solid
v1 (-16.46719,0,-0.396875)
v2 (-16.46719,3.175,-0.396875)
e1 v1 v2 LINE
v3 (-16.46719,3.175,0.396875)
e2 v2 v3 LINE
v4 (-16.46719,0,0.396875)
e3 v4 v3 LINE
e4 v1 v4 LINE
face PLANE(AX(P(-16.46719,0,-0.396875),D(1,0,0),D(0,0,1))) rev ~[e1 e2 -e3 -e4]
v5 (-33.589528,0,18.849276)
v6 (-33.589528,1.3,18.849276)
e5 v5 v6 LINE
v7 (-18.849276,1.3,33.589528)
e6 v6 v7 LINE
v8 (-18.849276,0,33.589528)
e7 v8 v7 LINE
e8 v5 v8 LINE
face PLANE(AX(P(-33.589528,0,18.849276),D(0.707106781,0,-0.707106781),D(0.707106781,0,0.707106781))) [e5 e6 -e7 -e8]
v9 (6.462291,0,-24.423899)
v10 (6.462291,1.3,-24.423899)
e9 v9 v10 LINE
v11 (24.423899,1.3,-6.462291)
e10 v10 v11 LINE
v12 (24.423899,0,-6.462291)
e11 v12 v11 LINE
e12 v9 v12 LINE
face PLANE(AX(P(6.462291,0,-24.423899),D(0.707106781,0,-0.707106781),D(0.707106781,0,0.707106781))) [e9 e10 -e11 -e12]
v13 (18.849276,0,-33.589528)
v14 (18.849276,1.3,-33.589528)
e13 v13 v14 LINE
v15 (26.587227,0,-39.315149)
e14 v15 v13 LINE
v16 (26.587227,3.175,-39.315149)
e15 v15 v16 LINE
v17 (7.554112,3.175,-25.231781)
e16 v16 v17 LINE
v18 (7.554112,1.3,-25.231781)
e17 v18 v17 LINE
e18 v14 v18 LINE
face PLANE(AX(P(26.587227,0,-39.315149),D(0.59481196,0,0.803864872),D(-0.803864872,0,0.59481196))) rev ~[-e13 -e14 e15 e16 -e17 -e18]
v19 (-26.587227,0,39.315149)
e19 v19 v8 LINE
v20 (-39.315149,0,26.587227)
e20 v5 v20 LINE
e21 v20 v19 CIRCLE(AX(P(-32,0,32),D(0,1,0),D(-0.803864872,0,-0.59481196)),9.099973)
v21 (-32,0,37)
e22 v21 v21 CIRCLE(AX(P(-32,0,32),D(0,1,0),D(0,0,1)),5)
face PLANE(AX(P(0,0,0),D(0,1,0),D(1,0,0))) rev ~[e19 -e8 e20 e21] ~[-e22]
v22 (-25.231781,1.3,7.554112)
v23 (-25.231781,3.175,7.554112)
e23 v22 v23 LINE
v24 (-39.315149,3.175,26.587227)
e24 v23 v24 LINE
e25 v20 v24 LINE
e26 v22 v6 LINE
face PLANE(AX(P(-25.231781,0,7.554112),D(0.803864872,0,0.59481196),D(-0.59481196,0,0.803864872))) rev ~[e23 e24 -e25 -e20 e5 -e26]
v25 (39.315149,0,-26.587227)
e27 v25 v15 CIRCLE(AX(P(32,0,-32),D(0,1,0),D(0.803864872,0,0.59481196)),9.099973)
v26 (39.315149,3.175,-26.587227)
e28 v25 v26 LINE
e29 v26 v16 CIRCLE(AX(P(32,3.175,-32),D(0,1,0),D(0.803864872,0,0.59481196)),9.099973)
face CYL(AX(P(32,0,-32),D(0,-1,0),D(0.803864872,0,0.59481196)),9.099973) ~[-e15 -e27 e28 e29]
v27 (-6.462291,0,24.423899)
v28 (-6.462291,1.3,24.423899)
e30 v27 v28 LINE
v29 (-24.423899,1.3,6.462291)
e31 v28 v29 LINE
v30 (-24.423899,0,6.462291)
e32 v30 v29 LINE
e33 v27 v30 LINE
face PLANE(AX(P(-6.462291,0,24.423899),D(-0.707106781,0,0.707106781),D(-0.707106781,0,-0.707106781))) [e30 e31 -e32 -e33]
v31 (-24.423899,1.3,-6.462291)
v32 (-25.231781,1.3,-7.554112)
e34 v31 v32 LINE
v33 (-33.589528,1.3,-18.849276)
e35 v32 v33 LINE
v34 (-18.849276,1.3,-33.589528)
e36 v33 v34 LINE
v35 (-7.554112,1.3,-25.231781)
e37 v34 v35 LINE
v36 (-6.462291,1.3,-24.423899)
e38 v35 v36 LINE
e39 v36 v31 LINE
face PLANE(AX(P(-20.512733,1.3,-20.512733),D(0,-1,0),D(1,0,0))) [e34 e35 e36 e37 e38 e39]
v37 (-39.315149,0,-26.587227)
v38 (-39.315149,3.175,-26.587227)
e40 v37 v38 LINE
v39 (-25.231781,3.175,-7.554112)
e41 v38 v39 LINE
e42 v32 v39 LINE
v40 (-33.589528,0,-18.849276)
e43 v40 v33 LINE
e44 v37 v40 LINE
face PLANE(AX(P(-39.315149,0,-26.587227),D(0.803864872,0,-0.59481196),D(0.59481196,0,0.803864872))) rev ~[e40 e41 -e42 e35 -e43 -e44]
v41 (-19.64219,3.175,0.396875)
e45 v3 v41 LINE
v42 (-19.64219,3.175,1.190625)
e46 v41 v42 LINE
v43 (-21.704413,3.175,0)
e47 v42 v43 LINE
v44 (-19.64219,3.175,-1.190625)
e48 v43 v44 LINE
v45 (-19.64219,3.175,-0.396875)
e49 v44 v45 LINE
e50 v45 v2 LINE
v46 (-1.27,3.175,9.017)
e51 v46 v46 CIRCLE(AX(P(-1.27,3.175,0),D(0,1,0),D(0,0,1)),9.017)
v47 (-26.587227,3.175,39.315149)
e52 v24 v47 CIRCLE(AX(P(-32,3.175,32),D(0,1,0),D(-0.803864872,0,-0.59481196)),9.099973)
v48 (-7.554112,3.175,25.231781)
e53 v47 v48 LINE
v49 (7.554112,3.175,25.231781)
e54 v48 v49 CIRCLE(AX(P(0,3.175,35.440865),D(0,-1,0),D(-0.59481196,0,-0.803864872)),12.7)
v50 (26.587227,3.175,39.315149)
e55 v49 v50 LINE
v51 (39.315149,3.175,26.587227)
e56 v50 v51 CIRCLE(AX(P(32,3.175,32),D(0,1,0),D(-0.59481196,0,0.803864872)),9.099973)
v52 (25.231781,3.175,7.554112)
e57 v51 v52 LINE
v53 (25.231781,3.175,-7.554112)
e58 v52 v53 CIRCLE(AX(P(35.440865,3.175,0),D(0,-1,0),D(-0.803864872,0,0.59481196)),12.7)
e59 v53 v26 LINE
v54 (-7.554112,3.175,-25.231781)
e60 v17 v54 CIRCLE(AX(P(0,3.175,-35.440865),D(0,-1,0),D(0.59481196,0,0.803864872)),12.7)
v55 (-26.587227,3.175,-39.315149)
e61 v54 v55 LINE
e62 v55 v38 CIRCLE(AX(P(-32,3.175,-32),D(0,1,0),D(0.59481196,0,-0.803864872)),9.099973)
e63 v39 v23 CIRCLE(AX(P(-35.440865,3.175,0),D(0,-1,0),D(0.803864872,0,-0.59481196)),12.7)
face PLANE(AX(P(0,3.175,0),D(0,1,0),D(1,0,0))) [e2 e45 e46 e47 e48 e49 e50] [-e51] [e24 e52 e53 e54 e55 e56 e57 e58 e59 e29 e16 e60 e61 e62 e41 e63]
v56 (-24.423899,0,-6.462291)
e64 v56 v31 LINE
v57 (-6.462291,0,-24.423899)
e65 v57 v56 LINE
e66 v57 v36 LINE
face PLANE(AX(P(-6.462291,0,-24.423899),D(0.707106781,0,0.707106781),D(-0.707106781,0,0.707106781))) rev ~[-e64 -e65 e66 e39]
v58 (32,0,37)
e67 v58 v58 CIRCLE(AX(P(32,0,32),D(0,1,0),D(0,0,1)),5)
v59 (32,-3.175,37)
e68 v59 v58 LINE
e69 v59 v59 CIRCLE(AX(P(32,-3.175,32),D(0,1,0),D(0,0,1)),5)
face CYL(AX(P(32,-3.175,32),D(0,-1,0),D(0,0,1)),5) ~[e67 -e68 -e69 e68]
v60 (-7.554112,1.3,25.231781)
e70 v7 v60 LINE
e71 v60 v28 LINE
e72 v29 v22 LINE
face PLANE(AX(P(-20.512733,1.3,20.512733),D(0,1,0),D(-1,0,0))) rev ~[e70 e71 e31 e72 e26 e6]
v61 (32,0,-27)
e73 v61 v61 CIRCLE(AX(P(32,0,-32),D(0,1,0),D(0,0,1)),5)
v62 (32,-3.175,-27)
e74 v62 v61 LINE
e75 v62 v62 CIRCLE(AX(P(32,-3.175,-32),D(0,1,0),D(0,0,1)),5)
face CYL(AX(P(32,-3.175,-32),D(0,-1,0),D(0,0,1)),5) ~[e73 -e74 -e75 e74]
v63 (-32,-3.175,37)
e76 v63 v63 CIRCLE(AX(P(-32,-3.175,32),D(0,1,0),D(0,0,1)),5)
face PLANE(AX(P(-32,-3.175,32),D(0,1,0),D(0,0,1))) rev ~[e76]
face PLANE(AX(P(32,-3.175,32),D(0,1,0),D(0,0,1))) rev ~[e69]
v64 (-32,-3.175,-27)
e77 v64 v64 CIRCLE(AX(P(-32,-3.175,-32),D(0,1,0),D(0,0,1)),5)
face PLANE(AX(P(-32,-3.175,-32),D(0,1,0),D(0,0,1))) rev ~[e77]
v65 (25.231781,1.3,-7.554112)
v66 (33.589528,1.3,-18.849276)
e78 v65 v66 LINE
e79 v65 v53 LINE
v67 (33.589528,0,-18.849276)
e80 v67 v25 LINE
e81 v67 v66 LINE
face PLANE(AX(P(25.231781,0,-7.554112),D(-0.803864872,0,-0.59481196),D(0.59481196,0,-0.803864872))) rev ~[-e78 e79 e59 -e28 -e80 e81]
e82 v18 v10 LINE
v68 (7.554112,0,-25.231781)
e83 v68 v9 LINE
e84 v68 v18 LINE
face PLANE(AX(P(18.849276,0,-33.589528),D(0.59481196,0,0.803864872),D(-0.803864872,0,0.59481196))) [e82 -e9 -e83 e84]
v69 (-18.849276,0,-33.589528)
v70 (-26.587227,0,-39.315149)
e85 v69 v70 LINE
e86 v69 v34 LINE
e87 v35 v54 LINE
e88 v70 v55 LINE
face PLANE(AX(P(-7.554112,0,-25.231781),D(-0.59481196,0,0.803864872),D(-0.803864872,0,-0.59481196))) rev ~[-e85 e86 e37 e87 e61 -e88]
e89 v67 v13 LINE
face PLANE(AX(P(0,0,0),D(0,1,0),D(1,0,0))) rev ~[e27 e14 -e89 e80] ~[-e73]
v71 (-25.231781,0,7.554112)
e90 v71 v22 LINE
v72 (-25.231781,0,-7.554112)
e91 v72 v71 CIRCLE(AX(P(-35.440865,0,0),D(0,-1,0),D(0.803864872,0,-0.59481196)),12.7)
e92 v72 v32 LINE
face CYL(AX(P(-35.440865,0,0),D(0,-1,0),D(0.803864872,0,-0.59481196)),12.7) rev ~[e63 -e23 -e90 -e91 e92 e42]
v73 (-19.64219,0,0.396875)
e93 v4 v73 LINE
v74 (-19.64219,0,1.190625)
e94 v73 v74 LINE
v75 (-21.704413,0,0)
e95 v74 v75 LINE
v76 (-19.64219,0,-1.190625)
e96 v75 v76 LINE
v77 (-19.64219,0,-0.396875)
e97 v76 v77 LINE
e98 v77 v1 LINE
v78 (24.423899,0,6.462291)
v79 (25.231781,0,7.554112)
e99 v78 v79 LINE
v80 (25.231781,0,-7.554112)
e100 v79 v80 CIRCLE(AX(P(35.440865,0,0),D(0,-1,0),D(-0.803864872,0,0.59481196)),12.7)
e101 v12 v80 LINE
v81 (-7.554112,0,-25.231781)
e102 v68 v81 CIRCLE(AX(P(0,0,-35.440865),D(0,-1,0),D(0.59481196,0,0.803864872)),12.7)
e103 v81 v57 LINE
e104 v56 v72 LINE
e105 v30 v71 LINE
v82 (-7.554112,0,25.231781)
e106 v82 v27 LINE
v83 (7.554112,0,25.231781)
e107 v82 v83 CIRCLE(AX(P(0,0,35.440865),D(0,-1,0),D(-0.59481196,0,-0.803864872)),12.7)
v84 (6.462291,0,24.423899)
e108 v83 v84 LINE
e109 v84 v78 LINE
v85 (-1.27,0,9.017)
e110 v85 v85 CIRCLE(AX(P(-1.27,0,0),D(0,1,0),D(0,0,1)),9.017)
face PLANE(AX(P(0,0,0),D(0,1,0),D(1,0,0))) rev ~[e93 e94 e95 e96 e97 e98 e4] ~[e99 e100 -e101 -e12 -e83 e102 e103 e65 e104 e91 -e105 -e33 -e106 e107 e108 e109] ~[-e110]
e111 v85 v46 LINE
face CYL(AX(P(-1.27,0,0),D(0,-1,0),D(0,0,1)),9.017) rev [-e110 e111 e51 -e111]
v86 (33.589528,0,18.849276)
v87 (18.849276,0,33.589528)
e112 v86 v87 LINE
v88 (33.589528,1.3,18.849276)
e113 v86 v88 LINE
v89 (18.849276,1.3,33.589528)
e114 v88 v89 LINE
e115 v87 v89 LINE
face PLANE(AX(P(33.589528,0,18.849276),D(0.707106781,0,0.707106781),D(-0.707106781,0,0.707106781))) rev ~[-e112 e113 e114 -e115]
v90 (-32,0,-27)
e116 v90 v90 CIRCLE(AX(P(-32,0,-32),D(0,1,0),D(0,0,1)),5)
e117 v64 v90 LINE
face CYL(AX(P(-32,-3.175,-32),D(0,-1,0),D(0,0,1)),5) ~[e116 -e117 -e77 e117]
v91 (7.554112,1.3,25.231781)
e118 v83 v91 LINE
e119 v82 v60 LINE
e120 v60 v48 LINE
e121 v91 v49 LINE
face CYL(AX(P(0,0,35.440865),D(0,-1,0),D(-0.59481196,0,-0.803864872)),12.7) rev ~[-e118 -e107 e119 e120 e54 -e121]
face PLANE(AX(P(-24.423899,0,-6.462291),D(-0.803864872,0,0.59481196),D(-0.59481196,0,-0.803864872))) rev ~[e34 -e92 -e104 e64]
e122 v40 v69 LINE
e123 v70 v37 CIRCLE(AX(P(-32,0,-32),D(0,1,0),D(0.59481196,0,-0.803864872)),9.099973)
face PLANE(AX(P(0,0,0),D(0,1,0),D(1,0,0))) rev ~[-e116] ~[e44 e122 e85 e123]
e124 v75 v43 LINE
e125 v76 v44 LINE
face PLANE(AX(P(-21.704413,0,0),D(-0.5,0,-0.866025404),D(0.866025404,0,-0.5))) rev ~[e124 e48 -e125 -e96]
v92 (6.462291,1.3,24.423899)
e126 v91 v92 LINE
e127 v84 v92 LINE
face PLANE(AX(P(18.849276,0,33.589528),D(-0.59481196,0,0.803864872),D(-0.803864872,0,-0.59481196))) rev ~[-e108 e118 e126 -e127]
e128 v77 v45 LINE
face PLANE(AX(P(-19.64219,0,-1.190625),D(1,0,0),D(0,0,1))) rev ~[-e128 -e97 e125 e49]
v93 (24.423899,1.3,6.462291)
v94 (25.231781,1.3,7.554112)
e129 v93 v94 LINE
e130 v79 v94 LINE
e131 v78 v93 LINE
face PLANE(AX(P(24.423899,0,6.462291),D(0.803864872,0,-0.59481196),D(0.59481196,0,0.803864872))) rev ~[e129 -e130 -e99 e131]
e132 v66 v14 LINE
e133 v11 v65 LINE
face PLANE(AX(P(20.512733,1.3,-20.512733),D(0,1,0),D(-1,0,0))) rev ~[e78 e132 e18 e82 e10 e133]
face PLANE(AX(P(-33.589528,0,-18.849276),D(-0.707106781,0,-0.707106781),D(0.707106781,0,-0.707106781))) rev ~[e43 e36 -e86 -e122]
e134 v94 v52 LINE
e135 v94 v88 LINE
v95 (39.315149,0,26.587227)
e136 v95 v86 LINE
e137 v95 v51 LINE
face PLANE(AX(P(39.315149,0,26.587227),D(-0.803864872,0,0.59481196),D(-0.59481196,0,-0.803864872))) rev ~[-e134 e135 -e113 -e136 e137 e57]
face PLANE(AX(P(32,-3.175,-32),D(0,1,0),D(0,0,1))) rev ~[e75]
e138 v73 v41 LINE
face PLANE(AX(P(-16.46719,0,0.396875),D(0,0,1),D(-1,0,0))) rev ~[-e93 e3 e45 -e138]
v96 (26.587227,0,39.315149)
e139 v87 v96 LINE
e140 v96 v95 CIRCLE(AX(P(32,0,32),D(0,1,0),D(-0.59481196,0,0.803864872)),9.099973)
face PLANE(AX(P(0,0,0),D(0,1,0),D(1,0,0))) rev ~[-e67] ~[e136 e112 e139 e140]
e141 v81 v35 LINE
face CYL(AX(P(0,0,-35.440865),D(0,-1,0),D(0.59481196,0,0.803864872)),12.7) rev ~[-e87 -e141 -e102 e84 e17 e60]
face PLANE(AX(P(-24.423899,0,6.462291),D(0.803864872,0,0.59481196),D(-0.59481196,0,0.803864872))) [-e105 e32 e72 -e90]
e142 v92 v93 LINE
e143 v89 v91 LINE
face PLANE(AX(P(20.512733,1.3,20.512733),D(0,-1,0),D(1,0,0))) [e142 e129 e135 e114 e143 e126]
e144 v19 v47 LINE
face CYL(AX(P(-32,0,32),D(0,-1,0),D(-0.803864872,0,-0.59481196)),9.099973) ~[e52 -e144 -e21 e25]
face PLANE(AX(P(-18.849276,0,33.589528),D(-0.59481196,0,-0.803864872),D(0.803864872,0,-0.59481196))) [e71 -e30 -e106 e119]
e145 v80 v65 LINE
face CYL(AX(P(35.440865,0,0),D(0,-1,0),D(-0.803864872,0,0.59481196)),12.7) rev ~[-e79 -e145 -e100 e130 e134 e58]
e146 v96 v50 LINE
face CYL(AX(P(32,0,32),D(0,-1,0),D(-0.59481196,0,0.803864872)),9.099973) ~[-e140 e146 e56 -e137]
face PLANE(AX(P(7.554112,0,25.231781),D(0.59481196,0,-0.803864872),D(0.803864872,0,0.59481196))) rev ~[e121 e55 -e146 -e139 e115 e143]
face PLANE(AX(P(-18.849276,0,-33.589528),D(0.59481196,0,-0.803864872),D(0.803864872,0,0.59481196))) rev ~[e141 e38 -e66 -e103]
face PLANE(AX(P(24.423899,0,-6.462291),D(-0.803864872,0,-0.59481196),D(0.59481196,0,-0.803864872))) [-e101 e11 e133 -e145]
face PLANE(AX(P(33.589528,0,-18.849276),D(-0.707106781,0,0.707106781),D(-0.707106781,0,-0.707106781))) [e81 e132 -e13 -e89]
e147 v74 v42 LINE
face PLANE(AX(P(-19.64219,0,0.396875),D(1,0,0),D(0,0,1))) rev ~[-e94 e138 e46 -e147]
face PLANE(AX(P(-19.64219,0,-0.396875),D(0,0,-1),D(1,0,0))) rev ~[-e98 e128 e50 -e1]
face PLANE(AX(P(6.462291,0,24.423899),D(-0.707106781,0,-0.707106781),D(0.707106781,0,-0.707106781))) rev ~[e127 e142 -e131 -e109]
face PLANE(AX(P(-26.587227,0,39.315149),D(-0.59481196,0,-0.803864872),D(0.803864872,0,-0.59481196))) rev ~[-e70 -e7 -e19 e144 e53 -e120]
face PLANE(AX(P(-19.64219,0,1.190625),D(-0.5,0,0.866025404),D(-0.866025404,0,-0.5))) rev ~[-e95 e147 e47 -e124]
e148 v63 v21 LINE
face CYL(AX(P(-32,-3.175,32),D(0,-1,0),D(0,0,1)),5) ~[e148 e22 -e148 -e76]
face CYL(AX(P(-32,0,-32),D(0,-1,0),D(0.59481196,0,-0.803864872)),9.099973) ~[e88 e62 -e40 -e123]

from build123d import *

# Parameters (mm, degrees)
SKETCH1_R           = 5
SKETCH1_R_2         = 9.017
BOSS_EXTRUDE1_DEPTH = 3.175
BOSS_EXTRUDE2_START = -3.175
SKETCH1_3_R         = 5
BOSS_EXTRUDE2_DEPTH = 6.35
CUT_EXTRUDE1_DEPTH  = 1.3


with BuildPart() as part:
    # Sketch1 → Boss-Extrude1 (new body)
    with BuildSketch(Plane(origin=(0, 0, 0), x_dir=(1, 0, 0), z_dir=(0, 1, 0))):
        with BuildLine():
            Line((-39.315149004, 26.587226943), (-25.231781425, 7.554111896))
            ThreePointArc((-25.231781425, 7.554111896), (-22.740865295, 0), (-25.231781425, -7.554111896))
            Line((-25.231781425, -7.554111896), (-39.315149004, -26.587226943))
            ThreePointArc((-39.315149004, -26.587226943), (-38.434652948, -38.434652948), (-26.587226943, -39.315149004))
            Line((-26.587226943, -39.315149004), (-7.554111896, -25.231781425))
            ThreePointArc((-7.554111896, -25.231781425), (0, -22.740865295), (7.554111896, -25.231781425))
            Line((7.554111896, -25.231781425), (26.587226943, -39.315149004))
            ThreePointArc((26.587226943, -39.315149004), (38.434652948, -38.434652948), (39.315149004, -26.587226943))
            Line((39.315149004, -26.587226943), (25.231781425, -7.554111896))
            ThreePointArc((25.231781425, -7.554111896), (22.740865295, 0), (25.231781425, 7.554111896))
            Line((25.231781425, 7.554111896), (39.315149004, 26.587226943))
            ThreePointArc((39.315149004, 26.587226943), (38.434652948, 38.434652948), (26.587226943, 39.315149004))
            Line((26.587226943, 39.315149004), (7.554111896, 25.231781425))
            ThreePointArc((7.554111896, 25.231781425), (0, 22.740865295), (-7.554111896, 25.231781425))
            Line((-7.554111896, 25.231781425), (-26.587226943, 39.315149004))
            ThreePointArc((-26.587226943, 39.315149004), (-38.434652948, 38.434652948), (-39.315149004, 26.587226943))
        make_face()
        with Locations(Location((-32, -32, 0), (0, 0, 270))):
            Circle(SKETCH1_R, mode=Mode.SUBTRACT)
        with Locations(Location((32, -32, 0), (0, 0, 270))):
            Circle(SKETCH1_R, mode=Mode.SUBTRACT)
        Polygon((-19.642190111, 1.190625), (-19.642190111, 0.396875), (-16.467190111, 0.396875), (-16.467190111, -0.396875), (-19.642190111, -0.396875), (-19.642190111, -1.190625), (-21.704413103, 0), align=None, mode=Mode.SUBTRACT)
        with Locations(Location((-1.27, 0, 0), (0, 0, 270))):
            Circle(SKETCH1_R_2, mode=Mode.SUBTRACT)
        with Locations(Location((-32, 32, 0), (0, 0, 270))):
            Circle(SKETCH1_R, mode=Mode.SUBTRACT)
        with Locations(Location((32, 32, 0), (0, 0, 270))):
            Circle(SKETCH1_R, mode=Mode.SUBTRACT)
    extrude(amount=BOSS_EXTRUDE1_DEPTH)

    # Sketch1<3> → Boss-Extrude2 (add)
    with BuildSketch(Plane(origin=(0, 0, 0), x_dir=(1, 0, 0), z_dir=(0, 1, 0)).offset(BOSS_EXTRUDE2_START)):
        with Locations(Location((-32, 32, 0), (0, 0, 270))):
            Circle(SKETCH1_3_R)
        with Locations(Location((32, -32, 0), (0, 0, 270))):
            Circle(SKETCH1_3_R)
        with Locations(Location((32, 32, 0), (0, 0, 270))):
            Circle(SKETCH1_3_R)
        with Locations(Location((-32, -32, 0), (0, 0, 270))):
            Circle(SKETCH1_3_R)
    extrude(amount=BOSS_EXTRUDE2_DEPTH)

    # Sketch2 → Cut-Extrude1 (cut)
    with BuildSketch(Plane.XZ):
        Polygon((-6.462290551, -24.423898886), (-24.423898886, -6.462290551), (-33.589527929, -18.849276199), (-18.849276199, -33.589527929), align=None)
        Polygon((-33.589527929, 18.849276199), (-18.849276199, 33.589527929), (-6.462290551, 24.423898886), (-24.423898886, 6.462290551), align=None)
        Polygon((24.423898886, 6.462290551), (33.589527929, 18.849276199), (18.849276199, 33.589527929), (6.462290551, 24.423898886), align=None)
        Polygon((33.589527929, -18.849276199), (18.849276199, -33.589527929), (6.462290551, -24.423898886), (24.423898886, -6.462290551), align=None)
    extrude(amount=-CUT_EXTRUDE1_DEPTH, mode=Mode.SUBTRACT)


solid = part.part
